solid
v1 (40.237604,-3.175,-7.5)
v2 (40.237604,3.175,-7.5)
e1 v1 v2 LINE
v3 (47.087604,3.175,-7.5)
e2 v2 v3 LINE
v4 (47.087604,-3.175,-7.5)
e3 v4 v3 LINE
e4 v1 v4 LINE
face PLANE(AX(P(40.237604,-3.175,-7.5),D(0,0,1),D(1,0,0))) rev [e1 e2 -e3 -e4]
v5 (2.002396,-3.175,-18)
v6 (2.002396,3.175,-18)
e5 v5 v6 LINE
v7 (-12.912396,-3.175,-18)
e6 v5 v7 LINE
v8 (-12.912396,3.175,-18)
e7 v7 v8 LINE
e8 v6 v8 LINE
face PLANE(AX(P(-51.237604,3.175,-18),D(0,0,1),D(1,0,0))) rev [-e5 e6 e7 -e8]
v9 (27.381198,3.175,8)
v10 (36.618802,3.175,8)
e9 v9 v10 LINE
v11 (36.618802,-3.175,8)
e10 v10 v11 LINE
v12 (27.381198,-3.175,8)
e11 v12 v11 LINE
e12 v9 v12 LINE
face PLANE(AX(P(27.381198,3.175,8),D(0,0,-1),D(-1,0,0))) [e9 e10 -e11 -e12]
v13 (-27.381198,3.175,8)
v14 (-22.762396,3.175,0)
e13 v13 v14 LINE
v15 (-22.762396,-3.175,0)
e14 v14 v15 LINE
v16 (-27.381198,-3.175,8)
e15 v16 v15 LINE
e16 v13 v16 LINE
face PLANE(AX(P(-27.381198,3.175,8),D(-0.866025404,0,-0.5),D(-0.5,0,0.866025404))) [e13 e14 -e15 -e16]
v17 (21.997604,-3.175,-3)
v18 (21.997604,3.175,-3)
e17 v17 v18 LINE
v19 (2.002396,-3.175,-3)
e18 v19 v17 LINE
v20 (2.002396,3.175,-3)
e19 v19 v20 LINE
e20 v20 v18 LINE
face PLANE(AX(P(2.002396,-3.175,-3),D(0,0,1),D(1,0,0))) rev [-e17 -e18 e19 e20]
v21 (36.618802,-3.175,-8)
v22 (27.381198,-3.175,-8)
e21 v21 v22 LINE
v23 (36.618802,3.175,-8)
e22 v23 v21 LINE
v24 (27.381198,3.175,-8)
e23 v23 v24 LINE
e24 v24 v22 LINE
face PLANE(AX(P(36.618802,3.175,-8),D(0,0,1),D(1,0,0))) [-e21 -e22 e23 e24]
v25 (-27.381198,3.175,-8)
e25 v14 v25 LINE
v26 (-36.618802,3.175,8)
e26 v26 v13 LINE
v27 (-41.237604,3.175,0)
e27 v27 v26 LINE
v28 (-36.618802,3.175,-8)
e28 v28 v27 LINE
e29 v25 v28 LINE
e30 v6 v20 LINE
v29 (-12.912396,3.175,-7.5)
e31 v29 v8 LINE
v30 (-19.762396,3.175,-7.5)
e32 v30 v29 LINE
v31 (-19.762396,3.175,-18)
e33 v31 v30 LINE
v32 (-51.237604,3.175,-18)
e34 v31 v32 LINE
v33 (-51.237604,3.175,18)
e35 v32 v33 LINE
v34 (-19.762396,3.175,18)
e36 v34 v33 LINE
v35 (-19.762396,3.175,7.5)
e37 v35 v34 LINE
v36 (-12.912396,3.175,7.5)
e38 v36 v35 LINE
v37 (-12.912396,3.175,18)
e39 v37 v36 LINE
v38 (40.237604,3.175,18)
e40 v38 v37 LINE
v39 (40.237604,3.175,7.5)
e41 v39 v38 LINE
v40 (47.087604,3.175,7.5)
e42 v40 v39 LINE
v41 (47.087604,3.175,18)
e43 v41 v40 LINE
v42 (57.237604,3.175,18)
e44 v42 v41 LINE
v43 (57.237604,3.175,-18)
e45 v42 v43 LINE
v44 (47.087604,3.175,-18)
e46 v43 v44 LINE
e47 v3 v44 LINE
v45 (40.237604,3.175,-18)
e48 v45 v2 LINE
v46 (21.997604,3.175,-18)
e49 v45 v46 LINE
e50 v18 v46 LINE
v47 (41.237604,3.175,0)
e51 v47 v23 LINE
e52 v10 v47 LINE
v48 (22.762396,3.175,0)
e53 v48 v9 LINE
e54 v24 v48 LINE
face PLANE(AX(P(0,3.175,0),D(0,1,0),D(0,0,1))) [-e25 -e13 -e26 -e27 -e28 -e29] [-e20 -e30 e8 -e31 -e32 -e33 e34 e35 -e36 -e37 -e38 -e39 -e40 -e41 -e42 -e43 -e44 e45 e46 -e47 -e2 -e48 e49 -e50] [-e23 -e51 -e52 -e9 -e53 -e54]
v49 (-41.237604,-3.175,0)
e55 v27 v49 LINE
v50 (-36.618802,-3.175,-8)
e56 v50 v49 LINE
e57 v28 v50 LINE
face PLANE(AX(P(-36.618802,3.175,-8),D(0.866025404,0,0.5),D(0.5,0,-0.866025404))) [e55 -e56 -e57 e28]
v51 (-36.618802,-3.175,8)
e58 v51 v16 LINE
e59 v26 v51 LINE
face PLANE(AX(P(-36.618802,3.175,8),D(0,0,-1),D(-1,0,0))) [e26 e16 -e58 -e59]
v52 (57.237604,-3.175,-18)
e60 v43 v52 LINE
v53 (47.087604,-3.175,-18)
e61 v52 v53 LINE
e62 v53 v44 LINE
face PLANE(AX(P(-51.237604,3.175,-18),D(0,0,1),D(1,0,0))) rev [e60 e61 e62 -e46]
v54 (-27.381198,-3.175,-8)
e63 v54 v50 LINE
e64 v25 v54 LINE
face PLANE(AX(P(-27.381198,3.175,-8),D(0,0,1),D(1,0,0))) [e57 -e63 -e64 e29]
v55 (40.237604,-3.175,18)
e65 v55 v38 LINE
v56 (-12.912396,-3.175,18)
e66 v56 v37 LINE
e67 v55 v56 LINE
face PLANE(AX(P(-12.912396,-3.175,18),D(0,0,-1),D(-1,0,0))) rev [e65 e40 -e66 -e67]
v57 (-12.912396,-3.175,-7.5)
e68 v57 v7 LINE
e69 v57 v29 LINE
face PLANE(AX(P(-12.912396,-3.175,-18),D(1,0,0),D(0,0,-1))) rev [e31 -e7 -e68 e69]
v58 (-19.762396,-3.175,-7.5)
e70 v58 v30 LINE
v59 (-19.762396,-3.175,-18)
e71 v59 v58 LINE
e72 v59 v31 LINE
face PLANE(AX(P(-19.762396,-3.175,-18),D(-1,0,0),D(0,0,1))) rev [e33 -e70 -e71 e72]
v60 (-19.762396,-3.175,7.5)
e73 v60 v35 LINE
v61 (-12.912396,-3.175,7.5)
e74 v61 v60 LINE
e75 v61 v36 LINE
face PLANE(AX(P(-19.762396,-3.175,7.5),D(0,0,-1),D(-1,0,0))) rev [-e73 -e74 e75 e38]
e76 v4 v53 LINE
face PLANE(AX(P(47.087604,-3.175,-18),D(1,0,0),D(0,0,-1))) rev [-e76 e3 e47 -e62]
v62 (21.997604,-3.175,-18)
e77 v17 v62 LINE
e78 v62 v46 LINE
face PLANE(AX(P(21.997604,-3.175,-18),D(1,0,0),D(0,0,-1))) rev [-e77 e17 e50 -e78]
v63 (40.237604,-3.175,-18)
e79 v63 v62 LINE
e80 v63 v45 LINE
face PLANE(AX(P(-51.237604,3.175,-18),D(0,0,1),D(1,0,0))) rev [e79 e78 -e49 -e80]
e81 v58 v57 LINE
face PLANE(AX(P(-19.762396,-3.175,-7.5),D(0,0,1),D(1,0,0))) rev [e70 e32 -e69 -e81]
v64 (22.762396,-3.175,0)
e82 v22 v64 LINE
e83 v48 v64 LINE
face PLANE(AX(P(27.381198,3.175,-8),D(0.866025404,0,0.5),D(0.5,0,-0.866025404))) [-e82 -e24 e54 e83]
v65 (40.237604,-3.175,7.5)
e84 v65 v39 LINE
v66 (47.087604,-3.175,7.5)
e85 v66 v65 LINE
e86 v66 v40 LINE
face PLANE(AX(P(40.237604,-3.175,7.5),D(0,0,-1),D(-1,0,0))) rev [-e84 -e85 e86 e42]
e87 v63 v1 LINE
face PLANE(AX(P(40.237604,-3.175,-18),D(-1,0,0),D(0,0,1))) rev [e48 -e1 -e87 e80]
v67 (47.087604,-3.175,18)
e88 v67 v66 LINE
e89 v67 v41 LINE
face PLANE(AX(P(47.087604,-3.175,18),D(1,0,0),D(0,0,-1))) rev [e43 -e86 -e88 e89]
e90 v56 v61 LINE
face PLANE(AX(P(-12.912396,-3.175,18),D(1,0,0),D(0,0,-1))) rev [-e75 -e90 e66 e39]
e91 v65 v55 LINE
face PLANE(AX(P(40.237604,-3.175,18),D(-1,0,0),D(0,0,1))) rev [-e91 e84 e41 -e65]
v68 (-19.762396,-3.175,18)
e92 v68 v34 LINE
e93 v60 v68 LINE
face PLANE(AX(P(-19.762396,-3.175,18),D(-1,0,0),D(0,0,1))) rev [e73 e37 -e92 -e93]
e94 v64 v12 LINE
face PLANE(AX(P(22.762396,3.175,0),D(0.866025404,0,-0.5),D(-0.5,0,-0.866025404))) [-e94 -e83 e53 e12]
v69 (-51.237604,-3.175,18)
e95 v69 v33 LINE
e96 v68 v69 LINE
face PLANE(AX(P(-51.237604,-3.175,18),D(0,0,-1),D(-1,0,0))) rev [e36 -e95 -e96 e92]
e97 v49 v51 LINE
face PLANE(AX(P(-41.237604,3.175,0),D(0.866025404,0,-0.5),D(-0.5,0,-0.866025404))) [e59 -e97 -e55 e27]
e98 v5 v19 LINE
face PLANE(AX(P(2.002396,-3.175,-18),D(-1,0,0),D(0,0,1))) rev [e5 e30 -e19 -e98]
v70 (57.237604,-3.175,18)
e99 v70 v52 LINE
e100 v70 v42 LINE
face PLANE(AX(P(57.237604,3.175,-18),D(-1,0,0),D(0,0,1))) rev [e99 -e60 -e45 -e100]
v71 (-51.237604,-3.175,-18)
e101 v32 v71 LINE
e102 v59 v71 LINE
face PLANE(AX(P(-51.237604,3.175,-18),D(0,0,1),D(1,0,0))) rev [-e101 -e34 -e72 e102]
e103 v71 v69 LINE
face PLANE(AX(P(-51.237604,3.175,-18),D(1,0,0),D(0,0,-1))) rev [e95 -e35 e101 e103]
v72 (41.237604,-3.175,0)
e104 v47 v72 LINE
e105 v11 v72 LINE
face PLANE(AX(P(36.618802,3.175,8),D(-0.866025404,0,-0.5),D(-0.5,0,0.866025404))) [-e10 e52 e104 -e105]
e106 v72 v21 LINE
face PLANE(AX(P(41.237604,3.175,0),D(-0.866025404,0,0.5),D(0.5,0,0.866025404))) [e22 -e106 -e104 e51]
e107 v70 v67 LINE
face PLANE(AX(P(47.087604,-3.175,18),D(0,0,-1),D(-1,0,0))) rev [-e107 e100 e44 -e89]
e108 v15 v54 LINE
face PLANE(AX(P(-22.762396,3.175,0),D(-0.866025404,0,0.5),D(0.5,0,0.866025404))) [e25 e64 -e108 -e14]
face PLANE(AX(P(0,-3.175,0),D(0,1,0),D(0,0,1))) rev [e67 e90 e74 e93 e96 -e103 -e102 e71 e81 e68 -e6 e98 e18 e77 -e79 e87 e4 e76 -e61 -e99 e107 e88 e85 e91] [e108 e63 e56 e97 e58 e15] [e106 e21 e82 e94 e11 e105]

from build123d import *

# Parameters (mm, degrees)
SKETCH1_W           = 108.475208614
SKETCH1_H           = 90.5
BOSS_EXTRUDE1_DEPTH = 3.175
SKETCH2_W           = 6.85
SKETCH2_H           = 10.5
CUT_EXTRUDE1_DEPTH  = 93.588961798
LPATTERN1_COUNT     = 2
LPATTERN1_PITCH     = 60
SKETCH3_W           = 19.995208614
SKETCH3_H           = 15
CUT_EXTRUDE2_DEPTH  = 93.588961798
SKETCH4_W           = 6.85
SKETCH4_H           = 10.5
CUT_EXTRUDE3_DEPTH  = 93.588961798
SHORT_DEPTH         = 93.588961798


with BuildPart() as part:
    # Sketch1 → Boss-Extrude1 (new, symmetric)
    with BuildSketch(Plane(origin=(0, 0, 0), x_dir=(1, 0, 0), z_dir=(0, 1, 0))):
        with Locations((3, -27.25)):
            Rectangle(SKETCH1_W, SKETCH1_H)
        Polygon((-22.762395693, 0), (-27.381197846, 8), (-36.618802154, 8), (-41.237604307, 0), (-36.618802154, -8), (-27.381197846, -8), align=None, mode=Mode.SUBTRACT)
        Polygon((41.237604307, 0), (36.618802154, 8), (27.381197846, 8), (22.762395693, 0), (27.381197846, -8), (36.618802154, -8), align=None, mode=Mode.SUBTRACT)
    extrude(amount=BOSS_EXTRUDE1_DEPTH, both=True)

    # Sketch2 → Cut-Extrude1 (cut, through all)
    with BuildSketch(Plane(origin=(0, 3.175, 0), x_dir=(1, 0, 0), z_dir=(0, 1, 0))):
        with Locations((-16.337395693, 12.75)):
            Rectangle(SKETCH2_W, SKETCH2_H)
        with Locations((-16.337395693, -67.25)):
            Rectangle(SKETCH2_W, SKETCH2_H)
        with Locations((-16.337395693, -27.25)):
            Rectangle(SKETCH2_W, SKETCH2_H)
    cut_extrude1 = extrude(amount=-CUT_EXTRUDE1_DEPTH, mode=Mode.SUBTRACT)

    # LPattern1: Cut-Extrude1 ×2
    with Locations(*[(i * LPATTERN1_PITCH, 0, 0) for i in range(1, LPATTERN1_COUNT)]):
        add(cut_extrude1, mode=Mode.SUBTRACT)

    # Sketch3 → Cut-Extrude2 (cut, through all)
    with BuildSketch(Plane(origin=(0, 3.175, 0), x_dir=(1, 0, 0), z_dir=(0, 1, 0))):
        with Locations((12, 10.5)):
            Rectangle(SKETCH3_W, SKETCH3_H)
    extrude(amount=-CUT_EXTRUDE2_DEPTH, mode=Mode.SUBTRACT)

    # Sketch4 → Cut-Extrude3 (cut, through all)
    with BuildSketch(Plane(origin=(0, 3.175, 0), x_dir=(1, 0, 0), z_dir=(0, 1, 0))):
        with Locations((50.512604307, -64.25)):
            Rectangle(SKETCH4_W, SKETCH4_H)
        with Locations((50.512604307, -31.95)):
            Rectangle(SKETCH4_W, SKETCH4_H)
    extrude(amount=-CUT_EXTRUDE3_DEPTH, mode=Mode.SUBTRACT)

    # Sketch5 → Short (cut, through all)
    with BuildSketch(Plane(origin=(0, 3.175, 0), x_dir=(1, 0, 0), z_dir=(0, 1, 0))):
        Polygon((-51.237604307, -72.5), (57.237604307, -72.5), (57.237604307, -18), (47.087604307, -18), (47.087604307, -7.5), (40.237604307, -7.5), (40.237604307, -18), (-12.912395693, -18), (-12.912395693, -7.5), (-19.762395693, -7.5), (-19.762395693, -18), (-51.237604307, -18), align=None)
    extrude(amount=-SHORT_DEPTH, mode=Mode.SUBTRACT)


solid = part.part
